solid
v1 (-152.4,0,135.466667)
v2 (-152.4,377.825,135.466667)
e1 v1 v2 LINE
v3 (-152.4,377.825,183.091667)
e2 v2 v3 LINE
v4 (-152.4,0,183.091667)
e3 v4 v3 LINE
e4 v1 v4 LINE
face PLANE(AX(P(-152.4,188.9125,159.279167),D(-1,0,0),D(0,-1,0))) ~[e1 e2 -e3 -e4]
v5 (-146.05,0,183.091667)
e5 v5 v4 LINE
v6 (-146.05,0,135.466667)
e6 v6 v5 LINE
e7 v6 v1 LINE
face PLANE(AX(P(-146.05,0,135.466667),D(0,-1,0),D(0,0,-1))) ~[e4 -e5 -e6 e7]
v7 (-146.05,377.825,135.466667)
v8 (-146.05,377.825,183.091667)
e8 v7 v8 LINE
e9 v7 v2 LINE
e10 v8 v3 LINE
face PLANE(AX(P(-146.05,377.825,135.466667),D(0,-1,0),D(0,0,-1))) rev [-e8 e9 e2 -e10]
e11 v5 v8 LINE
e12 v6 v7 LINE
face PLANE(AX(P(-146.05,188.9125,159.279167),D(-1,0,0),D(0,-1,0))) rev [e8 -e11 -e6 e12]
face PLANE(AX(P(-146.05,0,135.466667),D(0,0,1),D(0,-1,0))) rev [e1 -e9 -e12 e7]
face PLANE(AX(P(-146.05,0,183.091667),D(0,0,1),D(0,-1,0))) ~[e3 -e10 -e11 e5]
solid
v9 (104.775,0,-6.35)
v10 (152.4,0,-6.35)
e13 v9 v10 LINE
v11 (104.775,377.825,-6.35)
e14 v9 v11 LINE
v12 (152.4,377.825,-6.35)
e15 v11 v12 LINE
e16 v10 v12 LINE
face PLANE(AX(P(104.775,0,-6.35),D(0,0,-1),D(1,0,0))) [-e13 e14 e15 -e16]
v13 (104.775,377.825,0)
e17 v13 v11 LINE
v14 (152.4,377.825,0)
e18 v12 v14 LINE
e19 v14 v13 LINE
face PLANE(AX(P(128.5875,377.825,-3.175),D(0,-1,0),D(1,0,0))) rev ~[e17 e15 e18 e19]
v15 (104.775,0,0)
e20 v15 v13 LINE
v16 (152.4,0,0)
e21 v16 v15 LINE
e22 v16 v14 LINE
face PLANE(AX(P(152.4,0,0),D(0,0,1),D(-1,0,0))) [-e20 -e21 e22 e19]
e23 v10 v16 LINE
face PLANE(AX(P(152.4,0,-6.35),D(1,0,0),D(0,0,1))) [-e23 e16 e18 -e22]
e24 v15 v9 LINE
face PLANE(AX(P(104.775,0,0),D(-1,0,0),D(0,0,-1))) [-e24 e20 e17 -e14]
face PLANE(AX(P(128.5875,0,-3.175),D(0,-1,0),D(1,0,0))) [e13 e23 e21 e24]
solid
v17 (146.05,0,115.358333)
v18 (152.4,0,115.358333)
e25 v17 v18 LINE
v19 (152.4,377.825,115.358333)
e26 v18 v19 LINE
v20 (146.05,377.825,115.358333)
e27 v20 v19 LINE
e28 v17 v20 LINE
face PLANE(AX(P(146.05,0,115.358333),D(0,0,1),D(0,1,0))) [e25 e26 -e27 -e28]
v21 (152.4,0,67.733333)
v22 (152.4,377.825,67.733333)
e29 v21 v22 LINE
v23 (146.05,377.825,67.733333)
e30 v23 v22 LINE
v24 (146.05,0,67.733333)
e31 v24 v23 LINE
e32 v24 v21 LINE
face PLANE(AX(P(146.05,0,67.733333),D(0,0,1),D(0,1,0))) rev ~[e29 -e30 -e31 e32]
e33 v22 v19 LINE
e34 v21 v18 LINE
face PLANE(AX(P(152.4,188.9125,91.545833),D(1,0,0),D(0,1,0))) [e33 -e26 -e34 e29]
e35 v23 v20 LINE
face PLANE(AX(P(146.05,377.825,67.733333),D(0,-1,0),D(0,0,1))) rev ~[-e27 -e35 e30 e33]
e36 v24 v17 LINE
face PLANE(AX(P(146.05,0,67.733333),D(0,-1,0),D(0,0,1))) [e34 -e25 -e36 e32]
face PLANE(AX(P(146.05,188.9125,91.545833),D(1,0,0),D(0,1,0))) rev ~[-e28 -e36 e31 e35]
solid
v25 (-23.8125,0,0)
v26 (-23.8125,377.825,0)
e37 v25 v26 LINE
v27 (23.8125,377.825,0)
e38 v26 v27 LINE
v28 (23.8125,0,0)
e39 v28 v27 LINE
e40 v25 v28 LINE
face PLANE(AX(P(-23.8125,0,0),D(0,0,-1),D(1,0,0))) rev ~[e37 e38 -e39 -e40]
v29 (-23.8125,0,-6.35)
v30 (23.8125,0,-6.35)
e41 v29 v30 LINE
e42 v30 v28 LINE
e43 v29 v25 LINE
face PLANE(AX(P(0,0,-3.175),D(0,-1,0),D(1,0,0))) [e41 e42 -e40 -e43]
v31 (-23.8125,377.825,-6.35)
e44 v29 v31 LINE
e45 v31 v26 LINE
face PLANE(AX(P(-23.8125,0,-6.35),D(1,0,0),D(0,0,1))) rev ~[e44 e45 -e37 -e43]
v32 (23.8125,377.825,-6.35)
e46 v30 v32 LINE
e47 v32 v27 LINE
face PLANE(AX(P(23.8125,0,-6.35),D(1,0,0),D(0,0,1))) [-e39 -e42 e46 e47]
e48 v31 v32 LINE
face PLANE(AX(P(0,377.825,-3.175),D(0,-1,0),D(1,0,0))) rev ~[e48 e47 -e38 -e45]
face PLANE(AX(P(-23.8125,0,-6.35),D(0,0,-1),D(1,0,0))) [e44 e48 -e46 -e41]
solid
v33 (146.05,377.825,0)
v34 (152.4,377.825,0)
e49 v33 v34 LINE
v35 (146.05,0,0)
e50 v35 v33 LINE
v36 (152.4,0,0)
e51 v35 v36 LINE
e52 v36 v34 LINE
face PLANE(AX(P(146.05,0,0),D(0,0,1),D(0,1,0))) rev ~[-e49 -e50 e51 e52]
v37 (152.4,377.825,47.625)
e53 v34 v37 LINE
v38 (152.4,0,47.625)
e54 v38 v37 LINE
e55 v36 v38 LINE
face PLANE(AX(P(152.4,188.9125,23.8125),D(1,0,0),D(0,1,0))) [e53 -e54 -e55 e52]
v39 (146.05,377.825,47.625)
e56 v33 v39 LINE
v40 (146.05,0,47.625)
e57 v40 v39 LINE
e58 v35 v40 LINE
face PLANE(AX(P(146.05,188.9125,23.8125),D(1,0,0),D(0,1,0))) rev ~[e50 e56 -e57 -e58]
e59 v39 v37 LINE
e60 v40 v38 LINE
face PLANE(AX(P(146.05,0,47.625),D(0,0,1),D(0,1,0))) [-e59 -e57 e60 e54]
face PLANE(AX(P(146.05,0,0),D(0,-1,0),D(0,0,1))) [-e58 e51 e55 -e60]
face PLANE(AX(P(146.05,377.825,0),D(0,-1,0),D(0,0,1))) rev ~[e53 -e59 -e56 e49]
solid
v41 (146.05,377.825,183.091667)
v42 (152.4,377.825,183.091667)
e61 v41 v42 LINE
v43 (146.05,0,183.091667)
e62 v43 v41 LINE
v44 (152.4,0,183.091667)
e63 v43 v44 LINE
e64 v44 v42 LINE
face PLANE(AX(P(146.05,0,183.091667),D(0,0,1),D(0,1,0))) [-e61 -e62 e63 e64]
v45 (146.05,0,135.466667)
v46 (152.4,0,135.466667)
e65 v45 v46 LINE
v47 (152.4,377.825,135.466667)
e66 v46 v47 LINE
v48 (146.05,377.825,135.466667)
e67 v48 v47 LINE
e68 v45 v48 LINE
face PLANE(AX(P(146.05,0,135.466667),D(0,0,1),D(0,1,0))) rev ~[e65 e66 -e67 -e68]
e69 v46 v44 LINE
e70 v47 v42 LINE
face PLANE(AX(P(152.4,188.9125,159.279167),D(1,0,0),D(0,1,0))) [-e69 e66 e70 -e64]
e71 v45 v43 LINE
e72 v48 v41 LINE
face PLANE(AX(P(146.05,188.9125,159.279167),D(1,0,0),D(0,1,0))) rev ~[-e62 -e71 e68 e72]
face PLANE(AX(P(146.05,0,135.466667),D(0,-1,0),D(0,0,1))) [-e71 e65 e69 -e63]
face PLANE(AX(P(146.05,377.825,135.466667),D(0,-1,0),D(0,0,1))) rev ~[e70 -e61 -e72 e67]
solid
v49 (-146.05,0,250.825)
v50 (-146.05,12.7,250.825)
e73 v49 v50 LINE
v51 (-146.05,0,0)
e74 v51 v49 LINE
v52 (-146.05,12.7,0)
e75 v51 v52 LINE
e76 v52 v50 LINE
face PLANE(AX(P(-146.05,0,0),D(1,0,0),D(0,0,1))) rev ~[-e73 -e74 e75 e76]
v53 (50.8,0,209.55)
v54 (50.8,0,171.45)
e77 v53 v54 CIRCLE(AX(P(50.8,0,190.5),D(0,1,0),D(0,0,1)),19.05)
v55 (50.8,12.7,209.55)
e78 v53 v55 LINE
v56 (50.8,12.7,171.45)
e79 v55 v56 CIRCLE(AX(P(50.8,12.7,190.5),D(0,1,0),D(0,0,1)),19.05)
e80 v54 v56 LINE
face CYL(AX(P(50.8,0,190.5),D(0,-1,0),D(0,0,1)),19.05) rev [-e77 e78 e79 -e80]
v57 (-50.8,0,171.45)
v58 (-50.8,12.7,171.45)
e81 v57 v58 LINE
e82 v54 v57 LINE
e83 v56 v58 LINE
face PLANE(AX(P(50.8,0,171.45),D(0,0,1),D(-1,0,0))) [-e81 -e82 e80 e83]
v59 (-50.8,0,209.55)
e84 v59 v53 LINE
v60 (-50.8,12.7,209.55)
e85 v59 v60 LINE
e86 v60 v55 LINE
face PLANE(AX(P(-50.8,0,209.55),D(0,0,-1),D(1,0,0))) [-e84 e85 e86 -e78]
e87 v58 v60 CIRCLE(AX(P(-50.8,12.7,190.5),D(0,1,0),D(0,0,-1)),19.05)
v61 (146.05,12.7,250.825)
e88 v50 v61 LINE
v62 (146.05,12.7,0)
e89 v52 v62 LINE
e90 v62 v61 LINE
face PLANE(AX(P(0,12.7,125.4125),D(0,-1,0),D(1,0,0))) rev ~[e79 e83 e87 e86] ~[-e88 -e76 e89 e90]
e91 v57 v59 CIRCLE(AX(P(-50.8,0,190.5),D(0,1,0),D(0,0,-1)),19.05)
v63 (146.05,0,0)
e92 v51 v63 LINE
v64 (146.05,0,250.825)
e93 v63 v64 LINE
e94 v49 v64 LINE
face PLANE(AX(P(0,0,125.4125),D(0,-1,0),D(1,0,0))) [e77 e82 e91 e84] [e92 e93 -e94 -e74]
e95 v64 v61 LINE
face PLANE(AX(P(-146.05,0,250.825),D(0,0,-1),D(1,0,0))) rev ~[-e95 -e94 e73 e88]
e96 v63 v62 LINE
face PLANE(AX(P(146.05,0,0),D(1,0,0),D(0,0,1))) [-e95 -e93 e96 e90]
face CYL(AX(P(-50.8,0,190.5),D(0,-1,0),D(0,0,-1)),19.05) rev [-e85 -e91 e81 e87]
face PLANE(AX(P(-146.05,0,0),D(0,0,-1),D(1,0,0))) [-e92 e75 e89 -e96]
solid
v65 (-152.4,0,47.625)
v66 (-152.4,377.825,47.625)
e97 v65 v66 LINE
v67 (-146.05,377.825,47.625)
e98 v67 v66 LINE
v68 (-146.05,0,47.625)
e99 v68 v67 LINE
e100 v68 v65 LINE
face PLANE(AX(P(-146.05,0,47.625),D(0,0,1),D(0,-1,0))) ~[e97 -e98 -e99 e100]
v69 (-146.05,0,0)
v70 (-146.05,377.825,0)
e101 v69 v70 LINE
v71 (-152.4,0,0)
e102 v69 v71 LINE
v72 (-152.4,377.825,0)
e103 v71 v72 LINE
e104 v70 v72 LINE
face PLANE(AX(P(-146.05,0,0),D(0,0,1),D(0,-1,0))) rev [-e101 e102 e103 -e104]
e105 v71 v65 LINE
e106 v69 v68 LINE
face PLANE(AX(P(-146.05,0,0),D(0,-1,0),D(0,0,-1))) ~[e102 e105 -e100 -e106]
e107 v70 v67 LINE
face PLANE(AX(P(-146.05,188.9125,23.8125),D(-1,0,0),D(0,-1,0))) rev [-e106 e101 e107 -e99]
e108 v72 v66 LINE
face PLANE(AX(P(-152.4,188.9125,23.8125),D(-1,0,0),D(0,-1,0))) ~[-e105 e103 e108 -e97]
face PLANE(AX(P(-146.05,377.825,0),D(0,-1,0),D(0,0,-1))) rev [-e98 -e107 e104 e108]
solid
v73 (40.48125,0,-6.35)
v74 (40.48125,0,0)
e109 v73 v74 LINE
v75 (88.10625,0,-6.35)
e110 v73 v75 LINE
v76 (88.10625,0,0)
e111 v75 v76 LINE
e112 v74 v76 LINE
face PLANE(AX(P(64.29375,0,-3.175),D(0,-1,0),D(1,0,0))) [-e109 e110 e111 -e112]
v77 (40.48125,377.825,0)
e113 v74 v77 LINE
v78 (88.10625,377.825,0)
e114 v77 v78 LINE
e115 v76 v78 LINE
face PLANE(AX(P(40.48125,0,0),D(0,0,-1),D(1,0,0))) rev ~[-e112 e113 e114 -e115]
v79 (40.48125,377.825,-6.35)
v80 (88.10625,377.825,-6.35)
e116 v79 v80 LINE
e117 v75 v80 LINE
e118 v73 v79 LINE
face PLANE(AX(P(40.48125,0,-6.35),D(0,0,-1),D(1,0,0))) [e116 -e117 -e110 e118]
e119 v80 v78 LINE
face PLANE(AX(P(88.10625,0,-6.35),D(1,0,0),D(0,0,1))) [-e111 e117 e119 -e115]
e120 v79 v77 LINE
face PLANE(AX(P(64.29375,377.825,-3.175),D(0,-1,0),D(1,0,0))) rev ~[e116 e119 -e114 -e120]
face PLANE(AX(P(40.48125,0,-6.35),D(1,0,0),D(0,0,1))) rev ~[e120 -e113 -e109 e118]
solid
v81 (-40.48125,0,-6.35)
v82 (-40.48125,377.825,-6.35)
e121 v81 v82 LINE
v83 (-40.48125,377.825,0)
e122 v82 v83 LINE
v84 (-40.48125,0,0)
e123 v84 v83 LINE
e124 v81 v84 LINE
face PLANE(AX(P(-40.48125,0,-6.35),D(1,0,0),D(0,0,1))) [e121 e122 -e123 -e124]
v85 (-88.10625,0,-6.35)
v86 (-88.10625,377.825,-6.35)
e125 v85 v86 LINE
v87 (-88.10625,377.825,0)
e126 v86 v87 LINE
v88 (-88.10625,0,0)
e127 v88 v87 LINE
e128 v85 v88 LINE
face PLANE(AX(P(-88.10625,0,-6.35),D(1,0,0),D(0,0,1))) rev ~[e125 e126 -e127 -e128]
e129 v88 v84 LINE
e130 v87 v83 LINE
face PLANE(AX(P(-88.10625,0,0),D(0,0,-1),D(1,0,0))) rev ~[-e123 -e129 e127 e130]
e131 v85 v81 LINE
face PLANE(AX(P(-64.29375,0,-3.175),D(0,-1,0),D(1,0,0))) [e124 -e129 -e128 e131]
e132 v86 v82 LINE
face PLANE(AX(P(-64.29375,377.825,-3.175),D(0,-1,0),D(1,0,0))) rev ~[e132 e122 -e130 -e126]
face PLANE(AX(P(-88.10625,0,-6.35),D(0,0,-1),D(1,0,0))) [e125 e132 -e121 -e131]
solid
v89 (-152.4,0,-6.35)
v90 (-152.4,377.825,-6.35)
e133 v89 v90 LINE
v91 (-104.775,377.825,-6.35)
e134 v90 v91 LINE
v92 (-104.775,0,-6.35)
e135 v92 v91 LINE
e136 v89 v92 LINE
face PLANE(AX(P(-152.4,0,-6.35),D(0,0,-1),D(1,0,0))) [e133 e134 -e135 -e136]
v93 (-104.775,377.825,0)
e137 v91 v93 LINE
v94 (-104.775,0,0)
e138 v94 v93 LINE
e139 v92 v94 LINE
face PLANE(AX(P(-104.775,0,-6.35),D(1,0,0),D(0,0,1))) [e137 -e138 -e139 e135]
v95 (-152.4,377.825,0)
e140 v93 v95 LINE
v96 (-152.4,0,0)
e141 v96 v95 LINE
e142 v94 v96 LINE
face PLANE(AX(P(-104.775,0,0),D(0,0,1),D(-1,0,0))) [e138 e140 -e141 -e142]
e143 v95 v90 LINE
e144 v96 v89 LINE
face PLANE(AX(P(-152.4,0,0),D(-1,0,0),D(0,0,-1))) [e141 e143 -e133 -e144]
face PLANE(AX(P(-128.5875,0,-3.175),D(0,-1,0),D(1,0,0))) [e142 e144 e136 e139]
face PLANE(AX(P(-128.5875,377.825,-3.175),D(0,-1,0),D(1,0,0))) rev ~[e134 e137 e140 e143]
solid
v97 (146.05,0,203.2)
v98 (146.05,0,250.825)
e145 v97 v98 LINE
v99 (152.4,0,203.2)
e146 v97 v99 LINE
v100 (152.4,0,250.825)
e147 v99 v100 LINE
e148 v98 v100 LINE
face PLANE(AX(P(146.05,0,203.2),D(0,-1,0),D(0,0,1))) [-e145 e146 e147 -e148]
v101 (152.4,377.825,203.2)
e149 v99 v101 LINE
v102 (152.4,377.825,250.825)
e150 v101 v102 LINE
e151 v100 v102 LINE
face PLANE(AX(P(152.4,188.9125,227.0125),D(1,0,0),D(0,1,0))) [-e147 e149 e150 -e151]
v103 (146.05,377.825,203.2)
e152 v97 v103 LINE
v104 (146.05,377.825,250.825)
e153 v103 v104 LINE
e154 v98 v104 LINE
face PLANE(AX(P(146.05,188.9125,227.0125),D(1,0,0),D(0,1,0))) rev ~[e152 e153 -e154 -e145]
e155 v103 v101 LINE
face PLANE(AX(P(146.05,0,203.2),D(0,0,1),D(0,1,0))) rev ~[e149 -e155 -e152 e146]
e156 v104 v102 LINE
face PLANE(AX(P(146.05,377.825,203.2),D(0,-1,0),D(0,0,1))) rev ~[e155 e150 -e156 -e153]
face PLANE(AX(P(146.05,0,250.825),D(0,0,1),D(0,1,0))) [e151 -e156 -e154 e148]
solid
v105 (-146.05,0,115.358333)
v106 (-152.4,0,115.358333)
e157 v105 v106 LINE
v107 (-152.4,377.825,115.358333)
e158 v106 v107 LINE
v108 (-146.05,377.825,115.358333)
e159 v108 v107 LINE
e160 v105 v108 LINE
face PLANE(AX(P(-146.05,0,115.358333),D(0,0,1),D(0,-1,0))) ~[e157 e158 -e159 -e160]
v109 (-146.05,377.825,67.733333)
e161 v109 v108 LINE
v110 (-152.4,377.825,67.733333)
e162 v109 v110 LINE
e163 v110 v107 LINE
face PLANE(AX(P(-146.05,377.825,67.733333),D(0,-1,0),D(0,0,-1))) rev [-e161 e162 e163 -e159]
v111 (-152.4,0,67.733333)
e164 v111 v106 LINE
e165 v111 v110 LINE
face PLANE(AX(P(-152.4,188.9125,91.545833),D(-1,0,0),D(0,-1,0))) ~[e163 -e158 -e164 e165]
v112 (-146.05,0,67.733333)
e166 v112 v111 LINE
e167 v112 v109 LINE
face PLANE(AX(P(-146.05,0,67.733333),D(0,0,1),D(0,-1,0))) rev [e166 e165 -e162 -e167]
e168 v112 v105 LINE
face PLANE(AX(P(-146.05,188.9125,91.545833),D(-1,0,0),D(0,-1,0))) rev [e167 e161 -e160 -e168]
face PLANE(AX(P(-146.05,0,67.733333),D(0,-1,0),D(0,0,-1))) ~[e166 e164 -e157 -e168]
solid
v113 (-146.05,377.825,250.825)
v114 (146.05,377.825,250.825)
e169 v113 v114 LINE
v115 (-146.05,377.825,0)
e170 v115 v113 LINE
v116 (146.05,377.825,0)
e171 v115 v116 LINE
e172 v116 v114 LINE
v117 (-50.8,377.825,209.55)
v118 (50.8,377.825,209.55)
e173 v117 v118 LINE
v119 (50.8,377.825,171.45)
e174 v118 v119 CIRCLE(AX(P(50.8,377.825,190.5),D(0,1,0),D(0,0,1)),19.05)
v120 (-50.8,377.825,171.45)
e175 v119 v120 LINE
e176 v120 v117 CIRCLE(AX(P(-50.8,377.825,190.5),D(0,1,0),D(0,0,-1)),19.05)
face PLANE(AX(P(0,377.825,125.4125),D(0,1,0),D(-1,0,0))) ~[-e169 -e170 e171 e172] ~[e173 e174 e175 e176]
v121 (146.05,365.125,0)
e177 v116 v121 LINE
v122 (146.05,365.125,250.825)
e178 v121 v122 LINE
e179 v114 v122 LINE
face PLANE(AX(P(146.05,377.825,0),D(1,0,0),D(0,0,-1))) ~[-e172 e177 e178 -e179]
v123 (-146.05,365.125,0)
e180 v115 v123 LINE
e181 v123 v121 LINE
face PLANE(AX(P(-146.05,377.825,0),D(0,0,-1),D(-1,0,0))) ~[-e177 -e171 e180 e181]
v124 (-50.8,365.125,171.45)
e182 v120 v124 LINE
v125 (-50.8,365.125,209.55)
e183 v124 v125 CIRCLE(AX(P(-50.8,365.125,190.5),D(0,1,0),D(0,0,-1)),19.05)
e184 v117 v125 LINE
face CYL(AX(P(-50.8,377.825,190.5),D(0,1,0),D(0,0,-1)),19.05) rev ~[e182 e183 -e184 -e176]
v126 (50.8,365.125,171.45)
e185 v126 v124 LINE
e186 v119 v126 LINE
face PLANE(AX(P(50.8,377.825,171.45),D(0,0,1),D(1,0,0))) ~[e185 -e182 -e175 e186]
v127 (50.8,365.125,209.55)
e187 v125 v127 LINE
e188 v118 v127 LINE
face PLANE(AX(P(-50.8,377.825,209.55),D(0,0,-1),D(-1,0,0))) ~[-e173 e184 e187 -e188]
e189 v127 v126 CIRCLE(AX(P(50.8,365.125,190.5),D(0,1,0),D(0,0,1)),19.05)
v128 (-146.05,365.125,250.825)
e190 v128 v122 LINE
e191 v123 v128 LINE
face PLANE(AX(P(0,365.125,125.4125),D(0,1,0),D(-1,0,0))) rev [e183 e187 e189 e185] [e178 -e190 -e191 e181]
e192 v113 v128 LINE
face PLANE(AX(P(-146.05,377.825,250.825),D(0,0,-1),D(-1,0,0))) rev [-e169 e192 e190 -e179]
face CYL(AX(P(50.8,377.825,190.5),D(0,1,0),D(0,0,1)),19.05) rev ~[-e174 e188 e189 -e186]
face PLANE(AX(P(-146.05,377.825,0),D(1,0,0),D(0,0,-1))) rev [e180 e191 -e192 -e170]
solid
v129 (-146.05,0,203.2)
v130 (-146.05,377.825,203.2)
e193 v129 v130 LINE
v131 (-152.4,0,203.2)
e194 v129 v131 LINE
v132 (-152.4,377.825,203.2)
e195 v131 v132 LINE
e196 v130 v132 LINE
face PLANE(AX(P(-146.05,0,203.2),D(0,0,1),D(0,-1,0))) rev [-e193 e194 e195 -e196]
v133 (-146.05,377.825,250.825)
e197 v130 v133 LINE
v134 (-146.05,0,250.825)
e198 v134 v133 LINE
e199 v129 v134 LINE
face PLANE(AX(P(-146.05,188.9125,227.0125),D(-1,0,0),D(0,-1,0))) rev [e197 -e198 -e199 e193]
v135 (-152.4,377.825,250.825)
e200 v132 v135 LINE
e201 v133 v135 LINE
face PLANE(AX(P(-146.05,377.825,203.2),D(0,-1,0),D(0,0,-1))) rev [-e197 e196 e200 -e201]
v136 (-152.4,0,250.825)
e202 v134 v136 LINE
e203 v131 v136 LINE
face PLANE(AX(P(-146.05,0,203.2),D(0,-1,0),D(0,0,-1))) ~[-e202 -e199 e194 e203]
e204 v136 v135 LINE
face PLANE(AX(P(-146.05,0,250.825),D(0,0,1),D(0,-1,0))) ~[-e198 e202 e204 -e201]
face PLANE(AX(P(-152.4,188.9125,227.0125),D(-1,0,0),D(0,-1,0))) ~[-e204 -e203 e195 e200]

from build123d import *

# Parameters (mm, degrees)
F0_W     = 292.1
F0_H     = 250.825
F1_DEPTH = 12.7
F4_W     = 377.825
F4_H     = 47.625
F5_DEPTH = 6.35
F8_DEPTH = 377.825
F7_W     = 47.625
F7_H     = 6.35


with BuildPart() as f1:
    # F0 (on Front) → F1 (new body)
    with BuildSketch(Plane.XZ):
        with Locations((0, 125.4125)):
            Rectangle(F0_W, F0_H)
        with BuildLine():
            ThreePointArc((-50.8, 171.45), (-69.85, 190.5), (-50.8, 209.55))
            Line((-50.8, 209.55), (50.8, 209.55))
            ThreePointArc((50.8, 209.55), (69.85, 190.5), (50.8, 171.45))
            Line((50.8, 171.45), (-50.8, 171.45))
        make_face(mode=Mode.SUBTRACT)
    extrude(amount=-F1_DEPTH)


with BuildPart() as f3_1:
    # F3: instance of F1
    add(f1.part.mirror(Plane(origin=(0, 188.9125, 120.6339904822), x_dir=(1, 0, 0), z_dir=(0, -1, 0))))


with BuildPart() as f5:
    # F4 (on face) → F5 (new body)
    with BuildSketch(Plane.YZ.offset(146.05)):
        with Locations((188.9125, 23.8125)):
            Rectangle(F4_W, F4_H)
    extrude(amount=F5_DEPTH)


with BuildPart() as f5b:
    # F4 (on face) → F5, piece 2 (new body)
    with BuildSketch(Plane.YZ.offset(146.05)):
        with Locations((188.9125, 227.0125)):
            Rectangle(F4_W, F4_H)
    extrude(amount=F5_DEPTH)


with BuildPart() as f5c:
    # F4 (on face) → F5, piece 3 (new body)
    with BuildSketch(Plane.YZ.offset(146.05)):
        with Locations((188.9125, 91.5458333333)):
            Rectangle(F4_W, F4_H)
    extrude(amount=F5_DEPTH)


with BuildPart() as f5d:
    # F4 (on face) → F5, piece 4 (new body)
    with BuildSketch(Plane.YZ.offset(146.05)):
        with Locations((188.9125, 159.2791666667)):
            Rectangle(F4_W, F4_H)
    extrude(amount=F5_DEPTH)


with BuildPart() as f6_1:
    # F6: instance of F5d
    add(f5d.part.mirror(Plane.YZ))


with BuildPart() as f6_2:
    # F6: instance of F5b
    add(f5b.part.mirror(Plane.YZ))


with BuildPart() as f6_3:
    # F6: instance of F5c
    add(f5c.part.mirror(Plane.YZ))


with BuildPart() as f6_4:
    # F6: instance of F5
    add(f5.part.mirror(Plane.YZ))


with BuildPart() as f8:
    # F7 (on face) → F8 (new body, through all)
    with BuildSketch(Plane.XZ):
        Polygon((-104.775, 0), (-146.05, 0), (-152.4, 0), (-152.4, -6.35), (-104.775, -6.35), align=None)
    extrude(amount=-F8_DEPTH)


with BuildPart() as f8b:
    # F7 (on face) → F8, piece 2 (new body, through all)
    with BuildSketch(Plane.XZ):
        Polygon((152.4, -6.35), (152.4, 0), (146.05, 0), (104.775, 0), (104.775, -6.35), align=None)
    extrude(amount=-F8_DEPTH)


with BuildPart() as f8c:
    # F7 (on face) → F8, piece 3 (new body, through all)
    with BuildSketch(Plane.XZ):
        with Locations((64.29375, -3.175)):
            Rectangle(F7_W, F7_H)
    extrude(amount=-F8_DEPTH)


with BuildPart() as f8d:
    # F7 (on face) → F8, piece 4 (new body, through all)
    with BuildSketch(Plane.XZ):
        with Locations((0, -3.175)):
            Rectangle(F7_W, F7_H)
    extrude(amount=-F8_DEPTH)


with BuildPart() as f8e:
    # F7 (on face) → F8, piece 5 (new body, through all)
    with BuildSketch(Plane.XZ):
        with Locations((-64.29375, -3.175)):
            Rectangle(F7_W, F7_H)
    extrude(amount=-F8_DEPTH)


solid = Compound([f1.part, f3_1.part, f5.part, f5b.part, f5c.part, f5d.part, f6_1.part, f6_2.part, f6_3.part, f6_4.part, f8.part, f8b.part, f8c.part, f8d.part, f8e.part])
